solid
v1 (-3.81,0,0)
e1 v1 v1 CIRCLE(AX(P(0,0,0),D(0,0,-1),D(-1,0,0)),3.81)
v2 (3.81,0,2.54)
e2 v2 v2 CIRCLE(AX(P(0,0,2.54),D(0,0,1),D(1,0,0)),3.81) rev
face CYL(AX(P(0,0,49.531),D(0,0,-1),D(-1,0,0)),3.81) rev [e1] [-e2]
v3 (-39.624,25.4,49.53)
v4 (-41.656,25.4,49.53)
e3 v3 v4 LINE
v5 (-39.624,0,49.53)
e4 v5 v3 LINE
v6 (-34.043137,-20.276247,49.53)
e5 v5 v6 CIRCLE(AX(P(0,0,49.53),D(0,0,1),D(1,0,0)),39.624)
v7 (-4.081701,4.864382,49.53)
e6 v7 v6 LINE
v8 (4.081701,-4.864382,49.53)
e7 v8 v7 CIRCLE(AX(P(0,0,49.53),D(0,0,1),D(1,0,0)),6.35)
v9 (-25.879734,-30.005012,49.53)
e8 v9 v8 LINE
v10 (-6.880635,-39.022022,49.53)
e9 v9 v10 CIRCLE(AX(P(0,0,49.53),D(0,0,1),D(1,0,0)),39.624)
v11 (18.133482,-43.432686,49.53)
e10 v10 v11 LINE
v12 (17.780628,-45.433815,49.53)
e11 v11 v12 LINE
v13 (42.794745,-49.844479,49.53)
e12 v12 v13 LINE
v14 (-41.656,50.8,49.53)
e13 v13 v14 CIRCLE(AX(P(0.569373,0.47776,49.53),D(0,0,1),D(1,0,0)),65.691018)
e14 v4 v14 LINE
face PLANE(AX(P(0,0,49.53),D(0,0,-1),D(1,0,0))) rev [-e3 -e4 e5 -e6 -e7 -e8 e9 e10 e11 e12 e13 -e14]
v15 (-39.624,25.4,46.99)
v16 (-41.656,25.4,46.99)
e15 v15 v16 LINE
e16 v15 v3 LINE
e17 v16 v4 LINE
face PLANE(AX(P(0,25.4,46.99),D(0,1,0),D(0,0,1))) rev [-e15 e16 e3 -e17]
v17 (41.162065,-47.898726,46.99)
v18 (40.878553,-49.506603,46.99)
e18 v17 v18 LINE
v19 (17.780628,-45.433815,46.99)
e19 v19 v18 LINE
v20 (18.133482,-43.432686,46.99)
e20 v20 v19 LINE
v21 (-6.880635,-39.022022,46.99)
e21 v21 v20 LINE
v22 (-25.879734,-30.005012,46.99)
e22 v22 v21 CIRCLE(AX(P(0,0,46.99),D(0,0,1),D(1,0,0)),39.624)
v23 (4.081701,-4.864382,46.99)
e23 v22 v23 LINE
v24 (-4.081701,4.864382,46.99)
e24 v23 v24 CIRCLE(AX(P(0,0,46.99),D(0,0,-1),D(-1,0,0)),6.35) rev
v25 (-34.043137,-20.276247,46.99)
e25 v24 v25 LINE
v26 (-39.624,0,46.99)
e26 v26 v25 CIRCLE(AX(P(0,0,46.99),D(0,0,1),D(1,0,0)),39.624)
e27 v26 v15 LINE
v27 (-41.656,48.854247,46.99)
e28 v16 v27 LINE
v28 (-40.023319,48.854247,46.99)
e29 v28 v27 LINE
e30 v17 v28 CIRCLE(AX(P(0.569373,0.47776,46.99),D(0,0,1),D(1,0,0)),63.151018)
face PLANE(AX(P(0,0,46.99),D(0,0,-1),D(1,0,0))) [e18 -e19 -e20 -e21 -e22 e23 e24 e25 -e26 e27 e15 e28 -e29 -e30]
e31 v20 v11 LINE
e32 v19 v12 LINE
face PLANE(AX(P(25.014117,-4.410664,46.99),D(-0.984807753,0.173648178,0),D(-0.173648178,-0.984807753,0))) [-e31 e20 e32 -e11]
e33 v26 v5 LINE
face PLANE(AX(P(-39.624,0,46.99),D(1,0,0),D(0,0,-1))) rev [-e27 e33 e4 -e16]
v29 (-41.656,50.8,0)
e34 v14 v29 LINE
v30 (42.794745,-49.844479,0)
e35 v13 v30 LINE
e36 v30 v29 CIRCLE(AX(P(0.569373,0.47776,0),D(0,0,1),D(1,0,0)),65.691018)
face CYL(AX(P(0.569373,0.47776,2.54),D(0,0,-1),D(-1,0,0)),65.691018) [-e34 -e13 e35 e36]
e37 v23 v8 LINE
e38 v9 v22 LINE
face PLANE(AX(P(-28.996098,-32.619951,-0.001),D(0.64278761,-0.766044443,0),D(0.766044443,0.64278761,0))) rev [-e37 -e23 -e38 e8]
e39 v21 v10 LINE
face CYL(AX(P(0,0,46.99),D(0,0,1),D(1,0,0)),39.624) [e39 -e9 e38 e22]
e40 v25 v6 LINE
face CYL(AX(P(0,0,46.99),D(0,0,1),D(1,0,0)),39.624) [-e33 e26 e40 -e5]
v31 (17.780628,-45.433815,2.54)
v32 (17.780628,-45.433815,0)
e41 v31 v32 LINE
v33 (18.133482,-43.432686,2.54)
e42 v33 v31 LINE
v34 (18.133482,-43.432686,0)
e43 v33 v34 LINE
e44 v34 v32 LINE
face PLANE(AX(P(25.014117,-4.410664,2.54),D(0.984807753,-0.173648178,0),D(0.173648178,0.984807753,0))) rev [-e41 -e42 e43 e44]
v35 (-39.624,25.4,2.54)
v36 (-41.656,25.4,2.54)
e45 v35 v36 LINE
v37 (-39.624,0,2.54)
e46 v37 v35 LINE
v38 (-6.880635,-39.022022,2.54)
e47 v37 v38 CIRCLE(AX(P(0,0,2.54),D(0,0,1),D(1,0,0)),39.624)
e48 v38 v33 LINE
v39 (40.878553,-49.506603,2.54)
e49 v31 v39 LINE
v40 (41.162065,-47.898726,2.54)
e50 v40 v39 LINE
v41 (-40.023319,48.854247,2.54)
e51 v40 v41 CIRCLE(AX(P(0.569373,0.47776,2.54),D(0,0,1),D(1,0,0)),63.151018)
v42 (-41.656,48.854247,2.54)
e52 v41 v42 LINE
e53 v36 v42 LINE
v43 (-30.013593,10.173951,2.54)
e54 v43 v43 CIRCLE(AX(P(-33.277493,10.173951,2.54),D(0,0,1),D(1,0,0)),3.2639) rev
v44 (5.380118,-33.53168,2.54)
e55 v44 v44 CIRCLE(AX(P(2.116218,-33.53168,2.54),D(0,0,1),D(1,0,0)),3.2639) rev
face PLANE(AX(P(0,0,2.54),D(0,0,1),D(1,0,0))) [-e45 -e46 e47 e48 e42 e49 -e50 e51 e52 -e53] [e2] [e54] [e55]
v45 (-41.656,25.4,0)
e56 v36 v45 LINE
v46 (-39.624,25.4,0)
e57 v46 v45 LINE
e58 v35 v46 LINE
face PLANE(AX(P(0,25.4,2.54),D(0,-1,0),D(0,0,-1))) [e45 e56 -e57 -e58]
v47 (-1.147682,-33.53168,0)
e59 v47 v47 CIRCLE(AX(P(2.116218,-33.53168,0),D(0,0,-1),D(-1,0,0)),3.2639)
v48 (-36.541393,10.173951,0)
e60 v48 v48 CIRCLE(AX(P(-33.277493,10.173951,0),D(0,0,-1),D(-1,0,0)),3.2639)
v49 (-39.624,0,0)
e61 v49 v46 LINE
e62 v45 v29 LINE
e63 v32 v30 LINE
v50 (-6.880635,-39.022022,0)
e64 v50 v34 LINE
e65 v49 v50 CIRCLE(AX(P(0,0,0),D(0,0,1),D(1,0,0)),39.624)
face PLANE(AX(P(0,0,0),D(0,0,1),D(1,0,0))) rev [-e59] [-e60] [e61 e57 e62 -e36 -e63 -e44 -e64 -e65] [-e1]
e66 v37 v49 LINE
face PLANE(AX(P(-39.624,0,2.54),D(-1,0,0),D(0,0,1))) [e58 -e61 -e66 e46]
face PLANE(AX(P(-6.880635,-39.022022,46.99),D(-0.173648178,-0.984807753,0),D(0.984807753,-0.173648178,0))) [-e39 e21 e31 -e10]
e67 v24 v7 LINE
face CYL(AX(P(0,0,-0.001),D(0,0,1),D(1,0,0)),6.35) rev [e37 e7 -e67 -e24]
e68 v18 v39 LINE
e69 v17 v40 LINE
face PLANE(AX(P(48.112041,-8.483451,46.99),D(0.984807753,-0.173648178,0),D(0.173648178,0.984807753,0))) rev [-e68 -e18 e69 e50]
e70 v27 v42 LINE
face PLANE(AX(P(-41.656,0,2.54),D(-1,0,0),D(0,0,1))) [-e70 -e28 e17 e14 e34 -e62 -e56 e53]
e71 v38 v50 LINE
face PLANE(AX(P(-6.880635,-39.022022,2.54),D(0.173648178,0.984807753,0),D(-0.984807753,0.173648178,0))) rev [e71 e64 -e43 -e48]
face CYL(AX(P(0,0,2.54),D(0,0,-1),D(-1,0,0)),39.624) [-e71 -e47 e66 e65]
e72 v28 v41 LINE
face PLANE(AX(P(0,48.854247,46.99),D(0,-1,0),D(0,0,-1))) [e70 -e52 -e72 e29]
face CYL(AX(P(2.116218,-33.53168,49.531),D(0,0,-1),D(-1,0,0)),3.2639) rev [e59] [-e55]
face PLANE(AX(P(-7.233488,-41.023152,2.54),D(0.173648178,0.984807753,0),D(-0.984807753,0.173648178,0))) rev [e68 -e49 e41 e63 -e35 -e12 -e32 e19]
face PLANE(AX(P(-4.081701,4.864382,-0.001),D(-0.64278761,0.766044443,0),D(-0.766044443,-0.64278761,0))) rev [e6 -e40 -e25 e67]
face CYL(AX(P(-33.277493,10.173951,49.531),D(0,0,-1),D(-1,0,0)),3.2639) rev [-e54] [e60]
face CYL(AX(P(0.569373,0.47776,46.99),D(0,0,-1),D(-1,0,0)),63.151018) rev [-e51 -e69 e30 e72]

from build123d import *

# Parameters (mm, degrees)
SIDE_DEPTH             = 2.54
COVER_DEPTH            = 44.45
FLYWHEEL_SLIT_REACH    = 107.934
MOUNT_HOLES_REACH      = 107.934
SKETCH4_R              = 3.2639
AXLE_HOLDER_HOLE_REACH = 107.934
SKETCH5_R              = 3.81


with BuildPart() as part:
    # Sketch1 → Side (new body)
    with BuildSketch(Plane.XY):
        with BuildLine():
            Line((17.780628438, -45.433815472), (42.794745364, -49.844479185))
            ThreePointArc((42.794745364, -49.844479185), (50.891612275, 42.70313309), (-41.656, 50.8))
            Line((-41.656, 50.8), (-41.656, 25.4))
            Line((-41.656, 25.4), (-39.624, 25.4))
            Line((-39.624, 25.4), (-39.624, 0))
            Line((-39.624, 0), (0, 0))
            Line((0, 0), (-6.880635392, -39.022022405))
            Line((-6.880635392, -39.022022405), (18.133481535, -43.432686118))
            Line((18.133481535, -43.432686118), (17.780628438, -45.433815472))
        make_face()
        with BuildLine():
            Line((0, 0), (-39.624, 0))
            ThreePointArc((-39.624, 0), (-30.353745014, -25.469816246), (-6.880635392, -39.022022405))
            Line((-6.880635392, -39.022022405), (0, 0))
        make_face()
    side = extrude(amount=SIDE_DEPTH)

    # Sketch2 → Cover (add)
    with BuildSketch(Plane.XY.offset(2.54)):
        with BuildLine():
            Line((-40.023319471, 48.854247114), (-41.656, 48.854247114))
            Line((-41.656, 48.854247114), (-41.656, 50.8))
            ThreePointArc((-41.656, 50.8), (50.891612275, 42.70313309), (42.794745364, -49.844479185))
            Line((42.794745364, -49.844479185), (40.878552837, -49.506602742))
            Line((40.878552837, -49.506602742), (41.162064836, -47.898726299))
            ThreePointArc((41.162064836, -47.898726299), (48.945859389, 41.070452561), (-40.023319471, 48.854247114))
        make_face()
    extrude(amount=COVER_DEPTH)

    # Mirror1: Side across plane
    add(side.mirror(Plane.XY.offset(24.765)))

    # Sketch3 → Flywheel slit (cut, up to next)
    with BuildSketch(Plane.XY.offset(49.53), mode=Mode.PRIVATE) as flywheel_slit_sk1:
        with BuildLine():
            Line((-4.081701322, 4.864382214), (-37.159500375, -22.891186772))
            Line((-37.159500375, -22.891186772), (-28.996097732, -32.6199512))
            Line((-28.996097732, -32.6199512), (4.081701322, -4.864382214))
            ThreePointArc((4.081701322, -4.864382214), (4.864382214, 4.081701322), (-4.081701322, 4.864382214))
        make_face()
    flywheel_slit_tool1 = extrude(flywheel_slit_sk1.sketch, amount=-FLYWHEEL_SLIT_REACH, mode=Mode.PRIVATE) & part.part
    add(flywheel_slit_tool1.solids().sort_by_distance((-14.612688, -12.261501, 49.53))[0], mode=Mode.SUBTRACT)

    # Sketch4 → Mount holes (cut, up to next)
    with BuildSketch(Plane(origin=(0, 0, 0), x_dir=(-1, 0, 0), z_dir=(0, 0, -1)), mode=Mode.PRIVATE) as mount_holes_sk1:
        with Locations((-2.116217682, -33.531680079)):
            Circle(SKETCH4_R)
    mount_holes_tool1 = extrude(mount_holes_sk1.sketch, amount=-MOUNT_HOLES_REACH, mode=Mode.PRIVATE) & part.part
    # Sketch4 → Mount holes (cut, up to next)
    with BuildSketch(Plane(origin=(0, 0, 0), x_dir=(-1, 0, 0), z_dir=(0, 0, -1)), mode=Mode.PRIVATE) as mount_holes_sk2:
        with Locations((33.277492898, 10.173950581)):
            Circle(SKETCH4_R)
    mount_holes_tool2 = extrude(mount_holes_sk2.sketch, amount=-MOUNT_HOLES_REACH, mode=Mode.PRIVATE) & part.part
    add(mount_holes_tool1.solids().sort_by_distance((2.116218, -33.53168, 0))[0], mode=Mode.SUBTRACT)
    add(mount_holes_tool2.solids().sort_by_distance((-33.277493, 10.173951, 0))[0], mode=Mode.SUBTRACT)

    # Sketch5 → Axle Holder Hole (cut, up to next)
    with BuildSketch(Plane(origin=(0, 0, 0), x_dir=(-1, 0, 0), z_dir=(0, 0, -1)), mode=Mode.PRIVATE) as axle_holder_hole_sk1:
        Circle(SKETCH5_R)
    axle_holder_hole_tool1 = extrude(axle_holder_hole_sk1.sketch, amount=-AXLE_HOLDER_HOLE_REACH, mode=Mode.PRIVATE) & part.part
    add(axle_holder_hole_tool1.solids().sort_by_distance((0, 0, 0))[0], mode=Mode.SUBTRACT)


solid = part.part
